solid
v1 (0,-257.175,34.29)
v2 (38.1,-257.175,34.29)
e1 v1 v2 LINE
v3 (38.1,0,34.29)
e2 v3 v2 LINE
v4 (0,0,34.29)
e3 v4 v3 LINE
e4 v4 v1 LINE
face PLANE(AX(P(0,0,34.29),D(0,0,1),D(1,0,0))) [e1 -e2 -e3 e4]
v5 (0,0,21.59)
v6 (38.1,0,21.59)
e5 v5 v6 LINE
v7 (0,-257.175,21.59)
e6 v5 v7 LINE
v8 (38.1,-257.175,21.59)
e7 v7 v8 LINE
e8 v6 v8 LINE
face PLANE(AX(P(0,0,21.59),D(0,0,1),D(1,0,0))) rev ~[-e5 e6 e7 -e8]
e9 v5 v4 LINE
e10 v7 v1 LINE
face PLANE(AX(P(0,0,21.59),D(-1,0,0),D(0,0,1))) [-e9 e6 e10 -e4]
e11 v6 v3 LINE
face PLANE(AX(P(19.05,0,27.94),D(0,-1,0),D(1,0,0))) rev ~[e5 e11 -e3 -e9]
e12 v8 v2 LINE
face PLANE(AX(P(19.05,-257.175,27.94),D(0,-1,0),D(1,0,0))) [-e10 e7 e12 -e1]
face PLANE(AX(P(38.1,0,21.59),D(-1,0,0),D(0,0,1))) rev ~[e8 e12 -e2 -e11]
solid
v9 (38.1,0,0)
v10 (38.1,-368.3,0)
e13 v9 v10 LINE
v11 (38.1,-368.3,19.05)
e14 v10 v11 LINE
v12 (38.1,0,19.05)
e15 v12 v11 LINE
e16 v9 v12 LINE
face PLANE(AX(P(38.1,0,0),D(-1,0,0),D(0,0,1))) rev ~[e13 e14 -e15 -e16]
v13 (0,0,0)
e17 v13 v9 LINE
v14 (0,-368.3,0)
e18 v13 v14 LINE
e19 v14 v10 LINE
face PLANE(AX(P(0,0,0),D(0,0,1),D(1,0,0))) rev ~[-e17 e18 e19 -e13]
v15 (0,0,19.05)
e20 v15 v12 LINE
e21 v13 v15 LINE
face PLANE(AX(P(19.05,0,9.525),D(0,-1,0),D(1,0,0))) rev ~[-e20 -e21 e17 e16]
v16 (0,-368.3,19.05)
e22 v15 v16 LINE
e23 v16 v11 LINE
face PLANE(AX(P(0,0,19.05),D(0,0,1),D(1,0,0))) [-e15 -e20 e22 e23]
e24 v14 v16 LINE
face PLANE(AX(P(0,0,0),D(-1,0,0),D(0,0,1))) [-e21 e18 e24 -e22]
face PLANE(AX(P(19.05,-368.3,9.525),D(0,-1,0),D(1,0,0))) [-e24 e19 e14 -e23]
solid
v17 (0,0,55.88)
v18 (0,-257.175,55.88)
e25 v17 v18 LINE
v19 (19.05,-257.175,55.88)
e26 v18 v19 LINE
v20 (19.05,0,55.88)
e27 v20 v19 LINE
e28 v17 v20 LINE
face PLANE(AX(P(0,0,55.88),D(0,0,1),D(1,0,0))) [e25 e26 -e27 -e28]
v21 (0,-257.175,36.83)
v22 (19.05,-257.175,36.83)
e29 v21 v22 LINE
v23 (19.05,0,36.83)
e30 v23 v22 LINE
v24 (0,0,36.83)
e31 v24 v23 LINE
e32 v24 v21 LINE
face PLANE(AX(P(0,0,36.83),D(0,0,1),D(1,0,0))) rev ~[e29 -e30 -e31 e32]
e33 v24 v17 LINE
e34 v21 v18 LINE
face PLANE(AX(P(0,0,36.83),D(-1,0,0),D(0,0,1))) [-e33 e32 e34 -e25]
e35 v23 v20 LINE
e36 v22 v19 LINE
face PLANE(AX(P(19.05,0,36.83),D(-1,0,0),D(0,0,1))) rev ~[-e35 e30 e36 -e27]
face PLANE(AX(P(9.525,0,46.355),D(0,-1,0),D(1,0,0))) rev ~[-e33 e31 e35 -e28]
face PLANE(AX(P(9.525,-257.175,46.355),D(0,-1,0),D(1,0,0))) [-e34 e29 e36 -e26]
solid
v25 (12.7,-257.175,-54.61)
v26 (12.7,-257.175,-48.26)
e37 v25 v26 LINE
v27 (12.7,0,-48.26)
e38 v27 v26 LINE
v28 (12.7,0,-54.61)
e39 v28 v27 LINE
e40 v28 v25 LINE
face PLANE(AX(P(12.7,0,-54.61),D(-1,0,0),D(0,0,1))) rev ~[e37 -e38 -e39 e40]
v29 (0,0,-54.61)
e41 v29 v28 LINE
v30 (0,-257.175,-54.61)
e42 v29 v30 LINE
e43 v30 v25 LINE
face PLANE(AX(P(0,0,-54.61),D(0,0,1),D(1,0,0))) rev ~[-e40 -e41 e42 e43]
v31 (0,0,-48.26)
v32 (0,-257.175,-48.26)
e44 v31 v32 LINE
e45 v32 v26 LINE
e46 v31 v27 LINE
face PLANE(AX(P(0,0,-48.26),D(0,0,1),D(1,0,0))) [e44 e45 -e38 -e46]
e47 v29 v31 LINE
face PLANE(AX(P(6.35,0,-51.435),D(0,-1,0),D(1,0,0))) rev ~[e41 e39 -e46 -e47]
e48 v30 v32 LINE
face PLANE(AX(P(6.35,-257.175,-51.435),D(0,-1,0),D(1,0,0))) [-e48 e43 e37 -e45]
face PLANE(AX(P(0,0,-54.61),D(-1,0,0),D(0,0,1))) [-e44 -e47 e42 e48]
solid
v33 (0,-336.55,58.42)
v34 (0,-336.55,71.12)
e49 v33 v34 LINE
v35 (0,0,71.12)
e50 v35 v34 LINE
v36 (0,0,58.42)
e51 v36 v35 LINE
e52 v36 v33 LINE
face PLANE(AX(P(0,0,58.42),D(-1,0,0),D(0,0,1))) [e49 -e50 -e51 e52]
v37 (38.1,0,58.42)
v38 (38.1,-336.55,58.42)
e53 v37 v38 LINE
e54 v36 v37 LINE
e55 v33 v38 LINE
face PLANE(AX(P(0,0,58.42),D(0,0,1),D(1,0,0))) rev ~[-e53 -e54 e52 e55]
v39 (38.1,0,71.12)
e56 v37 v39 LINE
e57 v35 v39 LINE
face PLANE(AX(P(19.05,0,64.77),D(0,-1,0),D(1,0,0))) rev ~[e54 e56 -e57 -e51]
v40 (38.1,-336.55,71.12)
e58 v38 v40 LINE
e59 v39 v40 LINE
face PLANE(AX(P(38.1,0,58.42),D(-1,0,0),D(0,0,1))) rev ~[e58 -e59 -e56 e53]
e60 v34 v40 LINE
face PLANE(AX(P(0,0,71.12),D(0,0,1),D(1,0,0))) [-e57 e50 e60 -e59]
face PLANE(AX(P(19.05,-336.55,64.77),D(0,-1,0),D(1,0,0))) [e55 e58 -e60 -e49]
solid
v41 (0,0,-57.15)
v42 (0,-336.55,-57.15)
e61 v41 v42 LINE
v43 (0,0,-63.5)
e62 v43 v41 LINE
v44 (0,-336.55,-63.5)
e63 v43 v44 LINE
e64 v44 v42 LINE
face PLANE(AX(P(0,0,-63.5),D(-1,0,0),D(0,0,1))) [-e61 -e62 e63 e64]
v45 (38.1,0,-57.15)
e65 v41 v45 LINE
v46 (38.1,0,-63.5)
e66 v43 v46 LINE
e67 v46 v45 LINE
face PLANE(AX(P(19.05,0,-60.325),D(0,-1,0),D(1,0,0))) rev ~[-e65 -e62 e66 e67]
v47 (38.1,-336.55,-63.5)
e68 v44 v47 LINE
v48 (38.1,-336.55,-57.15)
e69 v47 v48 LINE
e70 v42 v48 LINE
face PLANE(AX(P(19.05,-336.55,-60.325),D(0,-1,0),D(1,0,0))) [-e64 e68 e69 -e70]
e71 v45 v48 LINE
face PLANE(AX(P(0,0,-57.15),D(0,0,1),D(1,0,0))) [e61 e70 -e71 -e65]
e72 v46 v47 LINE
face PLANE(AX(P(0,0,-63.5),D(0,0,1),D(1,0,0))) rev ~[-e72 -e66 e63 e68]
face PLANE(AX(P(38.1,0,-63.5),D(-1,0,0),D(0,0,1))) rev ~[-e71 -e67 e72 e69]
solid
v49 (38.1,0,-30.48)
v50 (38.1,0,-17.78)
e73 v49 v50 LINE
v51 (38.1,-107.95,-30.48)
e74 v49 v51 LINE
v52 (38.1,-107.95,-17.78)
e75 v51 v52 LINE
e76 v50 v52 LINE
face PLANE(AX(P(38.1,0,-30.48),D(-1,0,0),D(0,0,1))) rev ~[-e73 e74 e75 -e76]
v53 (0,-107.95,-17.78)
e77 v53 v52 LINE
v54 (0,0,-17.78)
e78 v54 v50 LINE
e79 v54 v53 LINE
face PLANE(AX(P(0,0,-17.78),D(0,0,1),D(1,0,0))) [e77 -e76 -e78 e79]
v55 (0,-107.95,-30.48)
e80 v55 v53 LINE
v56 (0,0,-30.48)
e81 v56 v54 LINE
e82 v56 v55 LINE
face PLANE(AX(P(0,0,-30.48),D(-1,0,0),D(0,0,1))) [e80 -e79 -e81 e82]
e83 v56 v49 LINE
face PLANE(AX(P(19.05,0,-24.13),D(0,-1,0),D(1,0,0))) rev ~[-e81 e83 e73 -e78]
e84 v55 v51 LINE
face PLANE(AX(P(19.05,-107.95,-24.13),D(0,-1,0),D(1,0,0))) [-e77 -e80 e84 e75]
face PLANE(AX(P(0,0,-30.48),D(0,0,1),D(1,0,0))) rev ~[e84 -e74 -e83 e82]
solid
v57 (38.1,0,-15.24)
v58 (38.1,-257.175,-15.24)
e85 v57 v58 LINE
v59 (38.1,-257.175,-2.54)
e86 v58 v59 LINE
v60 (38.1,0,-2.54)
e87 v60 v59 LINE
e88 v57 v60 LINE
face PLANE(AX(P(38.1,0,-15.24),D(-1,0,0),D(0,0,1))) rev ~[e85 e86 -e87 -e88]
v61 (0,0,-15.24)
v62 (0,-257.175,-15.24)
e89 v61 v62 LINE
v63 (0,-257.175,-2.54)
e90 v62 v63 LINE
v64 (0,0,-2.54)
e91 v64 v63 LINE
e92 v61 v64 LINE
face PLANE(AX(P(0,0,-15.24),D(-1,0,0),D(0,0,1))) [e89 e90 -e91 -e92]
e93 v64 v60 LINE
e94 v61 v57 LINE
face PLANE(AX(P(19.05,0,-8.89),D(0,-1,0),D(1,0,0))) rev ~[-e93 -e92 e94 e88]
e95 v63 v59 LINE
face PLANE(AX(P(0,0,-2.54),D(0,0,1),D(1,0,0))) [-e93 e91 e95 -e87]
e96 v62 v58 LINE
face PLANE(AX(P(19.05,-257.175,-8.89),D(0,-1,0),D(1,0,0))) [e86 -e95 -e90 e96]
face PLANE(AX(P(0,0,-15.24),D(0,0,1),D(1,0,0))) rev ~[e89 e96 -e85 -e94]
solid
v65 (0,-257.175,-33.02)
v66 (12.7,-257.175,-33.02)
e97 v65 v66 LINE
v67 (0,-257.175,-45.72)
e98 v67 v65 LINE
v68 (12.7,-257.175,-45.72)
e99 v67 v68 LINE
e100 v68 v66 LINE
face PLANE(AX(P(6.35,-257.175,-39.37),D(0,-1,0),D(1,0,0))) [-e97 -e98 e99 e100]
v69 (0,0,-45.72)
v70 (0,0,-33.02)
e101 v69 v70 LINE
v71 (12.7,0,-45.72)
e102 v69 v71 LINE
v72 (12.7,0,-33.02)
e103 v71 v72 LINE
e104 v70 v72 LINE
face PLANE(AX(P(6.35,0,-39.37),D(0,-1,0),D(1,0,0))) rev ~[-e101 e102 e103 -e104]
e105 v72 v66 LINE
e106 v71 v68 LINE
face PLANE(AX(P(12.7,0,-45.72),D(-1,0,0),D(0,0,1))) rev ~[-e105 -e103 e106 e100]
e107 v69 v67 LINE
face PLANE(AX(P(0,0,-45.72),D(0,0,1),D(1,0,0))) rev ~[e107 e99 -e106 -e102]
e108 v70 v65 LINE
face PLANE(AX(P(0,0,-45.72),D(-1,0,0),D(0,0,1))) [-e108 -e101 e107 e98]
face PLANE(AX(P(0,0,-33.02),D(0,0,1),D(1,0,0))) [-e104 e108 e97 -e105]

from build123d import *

# Parameters (mm, degrees)
F0_W      = 38.1
F0_H      = 19.05
F1_DEPTH  = 368.3
F2_W      = 38.1
F2_H      = 12.7
F3_DEPTH  = 257.175
F4_W      = 19.05
F4_H      = 19.05
F5_DEPTH  = 257.175
F6_W      = 38.1
F6_H      = 12.7
F7_DEPTH  = 336.55
F8_W      = 38.1
F8_H      = 12.7
F9_DEPTH  = 257.175
F10_W     = 38.1
F10_H     = 12.7
F11_DEPTH = 107.95
F12_W     = 12.7
F12_H     = 12.7
F13_DEPTH = 257.175
F14_W     = 12.7
F14_H     = 6.35
F15_DEPTH = 257.175
F16_W     = 38.1
F16_H     = 6.35
F17_DEPTH = 336.55


with BuildPart() as f1:
    # F0 (on Front) → F1 (new body)
    with BuildSketch(Plane.XZ):
        with Locations((19.05, 9.525)):
            Rectangle(F0_W, F0_H)
    extrude(amount=F1_DEPTH)


with BuildPart() as f3:
    # F2 (on Front) → F3 (new body)
    with BuildSketch(Plane.XZ):
        with Locations((19.05, 27.94)):
            Rectangle(F2_W, F2_H)
    extrude(amount=F3_DEPTH)


with BuildPart() as f5:
    # F4 (on Front) → F5 (new body)
    with BuildSketch(Plane.XZ):
        with Locations((9.525, 46.355)):
            Rectangle(F4_W, F4_H)
    extrude(amount=F5_DEPTH)


with BuildPart() as f7:
    # F6 (on Front) → F7 (new body)
    with BuildSketch(Plane.XZ):
        with Locations((19.05, 64.77)):
            Rectangle(F6_W, F6_H)
    extrude(amount=F7_DEPTH)


with BuildPart() as f9:
    # F8 (on Front) → F9 (new body)
    with BuildSketch(Plane.XZ):
        with Locations((19.05, -8.89)):
            Rectangle(F8_W, F8_H)
    extrude(amount=F9_DEPTH)


with BuildPart() as f11:
    # F10 (on Front) → F11 (new body)
    with BuildSketch(Plane.XZ):
        with Locations((19.05, -24.13)):
            Rectangle(F10_W, F10_H)
    extrude(amount=F11_DEPTH)


with BuildPart() as f13:
    # F12 (on Front) → F13 (new body)
    with BuildSketch(Plane.XZ):
        with Locations((6.35, -39.37)):
            Rectangle(F12_W, F12_H)
    extrude(amount=F13_DEPTH)


with BuildPart() as f15:
    # F14 (on Front) → F15 (new body)
    with BuildSketch(Plane.XZ):
        with Locations((6.35, -51.435)):
            Rectangle(F14_W, F14_H)
    extrude(amount=F15_DEPTH)


with BuildPart() as f17:
    # F16 (on Front) → F17 (new body)
    with BuildSketch(Plane.XZ):
        with Locations((19.05, -60.325)):
            Rectangle(F16_W, F16_H)
    extrude(amount=F17_DEPTH)


solid = Compound([f1.part, f3.part, f5.part, f7.part, f9.part, f11.part, f13.part, f15.part, f17.part])
